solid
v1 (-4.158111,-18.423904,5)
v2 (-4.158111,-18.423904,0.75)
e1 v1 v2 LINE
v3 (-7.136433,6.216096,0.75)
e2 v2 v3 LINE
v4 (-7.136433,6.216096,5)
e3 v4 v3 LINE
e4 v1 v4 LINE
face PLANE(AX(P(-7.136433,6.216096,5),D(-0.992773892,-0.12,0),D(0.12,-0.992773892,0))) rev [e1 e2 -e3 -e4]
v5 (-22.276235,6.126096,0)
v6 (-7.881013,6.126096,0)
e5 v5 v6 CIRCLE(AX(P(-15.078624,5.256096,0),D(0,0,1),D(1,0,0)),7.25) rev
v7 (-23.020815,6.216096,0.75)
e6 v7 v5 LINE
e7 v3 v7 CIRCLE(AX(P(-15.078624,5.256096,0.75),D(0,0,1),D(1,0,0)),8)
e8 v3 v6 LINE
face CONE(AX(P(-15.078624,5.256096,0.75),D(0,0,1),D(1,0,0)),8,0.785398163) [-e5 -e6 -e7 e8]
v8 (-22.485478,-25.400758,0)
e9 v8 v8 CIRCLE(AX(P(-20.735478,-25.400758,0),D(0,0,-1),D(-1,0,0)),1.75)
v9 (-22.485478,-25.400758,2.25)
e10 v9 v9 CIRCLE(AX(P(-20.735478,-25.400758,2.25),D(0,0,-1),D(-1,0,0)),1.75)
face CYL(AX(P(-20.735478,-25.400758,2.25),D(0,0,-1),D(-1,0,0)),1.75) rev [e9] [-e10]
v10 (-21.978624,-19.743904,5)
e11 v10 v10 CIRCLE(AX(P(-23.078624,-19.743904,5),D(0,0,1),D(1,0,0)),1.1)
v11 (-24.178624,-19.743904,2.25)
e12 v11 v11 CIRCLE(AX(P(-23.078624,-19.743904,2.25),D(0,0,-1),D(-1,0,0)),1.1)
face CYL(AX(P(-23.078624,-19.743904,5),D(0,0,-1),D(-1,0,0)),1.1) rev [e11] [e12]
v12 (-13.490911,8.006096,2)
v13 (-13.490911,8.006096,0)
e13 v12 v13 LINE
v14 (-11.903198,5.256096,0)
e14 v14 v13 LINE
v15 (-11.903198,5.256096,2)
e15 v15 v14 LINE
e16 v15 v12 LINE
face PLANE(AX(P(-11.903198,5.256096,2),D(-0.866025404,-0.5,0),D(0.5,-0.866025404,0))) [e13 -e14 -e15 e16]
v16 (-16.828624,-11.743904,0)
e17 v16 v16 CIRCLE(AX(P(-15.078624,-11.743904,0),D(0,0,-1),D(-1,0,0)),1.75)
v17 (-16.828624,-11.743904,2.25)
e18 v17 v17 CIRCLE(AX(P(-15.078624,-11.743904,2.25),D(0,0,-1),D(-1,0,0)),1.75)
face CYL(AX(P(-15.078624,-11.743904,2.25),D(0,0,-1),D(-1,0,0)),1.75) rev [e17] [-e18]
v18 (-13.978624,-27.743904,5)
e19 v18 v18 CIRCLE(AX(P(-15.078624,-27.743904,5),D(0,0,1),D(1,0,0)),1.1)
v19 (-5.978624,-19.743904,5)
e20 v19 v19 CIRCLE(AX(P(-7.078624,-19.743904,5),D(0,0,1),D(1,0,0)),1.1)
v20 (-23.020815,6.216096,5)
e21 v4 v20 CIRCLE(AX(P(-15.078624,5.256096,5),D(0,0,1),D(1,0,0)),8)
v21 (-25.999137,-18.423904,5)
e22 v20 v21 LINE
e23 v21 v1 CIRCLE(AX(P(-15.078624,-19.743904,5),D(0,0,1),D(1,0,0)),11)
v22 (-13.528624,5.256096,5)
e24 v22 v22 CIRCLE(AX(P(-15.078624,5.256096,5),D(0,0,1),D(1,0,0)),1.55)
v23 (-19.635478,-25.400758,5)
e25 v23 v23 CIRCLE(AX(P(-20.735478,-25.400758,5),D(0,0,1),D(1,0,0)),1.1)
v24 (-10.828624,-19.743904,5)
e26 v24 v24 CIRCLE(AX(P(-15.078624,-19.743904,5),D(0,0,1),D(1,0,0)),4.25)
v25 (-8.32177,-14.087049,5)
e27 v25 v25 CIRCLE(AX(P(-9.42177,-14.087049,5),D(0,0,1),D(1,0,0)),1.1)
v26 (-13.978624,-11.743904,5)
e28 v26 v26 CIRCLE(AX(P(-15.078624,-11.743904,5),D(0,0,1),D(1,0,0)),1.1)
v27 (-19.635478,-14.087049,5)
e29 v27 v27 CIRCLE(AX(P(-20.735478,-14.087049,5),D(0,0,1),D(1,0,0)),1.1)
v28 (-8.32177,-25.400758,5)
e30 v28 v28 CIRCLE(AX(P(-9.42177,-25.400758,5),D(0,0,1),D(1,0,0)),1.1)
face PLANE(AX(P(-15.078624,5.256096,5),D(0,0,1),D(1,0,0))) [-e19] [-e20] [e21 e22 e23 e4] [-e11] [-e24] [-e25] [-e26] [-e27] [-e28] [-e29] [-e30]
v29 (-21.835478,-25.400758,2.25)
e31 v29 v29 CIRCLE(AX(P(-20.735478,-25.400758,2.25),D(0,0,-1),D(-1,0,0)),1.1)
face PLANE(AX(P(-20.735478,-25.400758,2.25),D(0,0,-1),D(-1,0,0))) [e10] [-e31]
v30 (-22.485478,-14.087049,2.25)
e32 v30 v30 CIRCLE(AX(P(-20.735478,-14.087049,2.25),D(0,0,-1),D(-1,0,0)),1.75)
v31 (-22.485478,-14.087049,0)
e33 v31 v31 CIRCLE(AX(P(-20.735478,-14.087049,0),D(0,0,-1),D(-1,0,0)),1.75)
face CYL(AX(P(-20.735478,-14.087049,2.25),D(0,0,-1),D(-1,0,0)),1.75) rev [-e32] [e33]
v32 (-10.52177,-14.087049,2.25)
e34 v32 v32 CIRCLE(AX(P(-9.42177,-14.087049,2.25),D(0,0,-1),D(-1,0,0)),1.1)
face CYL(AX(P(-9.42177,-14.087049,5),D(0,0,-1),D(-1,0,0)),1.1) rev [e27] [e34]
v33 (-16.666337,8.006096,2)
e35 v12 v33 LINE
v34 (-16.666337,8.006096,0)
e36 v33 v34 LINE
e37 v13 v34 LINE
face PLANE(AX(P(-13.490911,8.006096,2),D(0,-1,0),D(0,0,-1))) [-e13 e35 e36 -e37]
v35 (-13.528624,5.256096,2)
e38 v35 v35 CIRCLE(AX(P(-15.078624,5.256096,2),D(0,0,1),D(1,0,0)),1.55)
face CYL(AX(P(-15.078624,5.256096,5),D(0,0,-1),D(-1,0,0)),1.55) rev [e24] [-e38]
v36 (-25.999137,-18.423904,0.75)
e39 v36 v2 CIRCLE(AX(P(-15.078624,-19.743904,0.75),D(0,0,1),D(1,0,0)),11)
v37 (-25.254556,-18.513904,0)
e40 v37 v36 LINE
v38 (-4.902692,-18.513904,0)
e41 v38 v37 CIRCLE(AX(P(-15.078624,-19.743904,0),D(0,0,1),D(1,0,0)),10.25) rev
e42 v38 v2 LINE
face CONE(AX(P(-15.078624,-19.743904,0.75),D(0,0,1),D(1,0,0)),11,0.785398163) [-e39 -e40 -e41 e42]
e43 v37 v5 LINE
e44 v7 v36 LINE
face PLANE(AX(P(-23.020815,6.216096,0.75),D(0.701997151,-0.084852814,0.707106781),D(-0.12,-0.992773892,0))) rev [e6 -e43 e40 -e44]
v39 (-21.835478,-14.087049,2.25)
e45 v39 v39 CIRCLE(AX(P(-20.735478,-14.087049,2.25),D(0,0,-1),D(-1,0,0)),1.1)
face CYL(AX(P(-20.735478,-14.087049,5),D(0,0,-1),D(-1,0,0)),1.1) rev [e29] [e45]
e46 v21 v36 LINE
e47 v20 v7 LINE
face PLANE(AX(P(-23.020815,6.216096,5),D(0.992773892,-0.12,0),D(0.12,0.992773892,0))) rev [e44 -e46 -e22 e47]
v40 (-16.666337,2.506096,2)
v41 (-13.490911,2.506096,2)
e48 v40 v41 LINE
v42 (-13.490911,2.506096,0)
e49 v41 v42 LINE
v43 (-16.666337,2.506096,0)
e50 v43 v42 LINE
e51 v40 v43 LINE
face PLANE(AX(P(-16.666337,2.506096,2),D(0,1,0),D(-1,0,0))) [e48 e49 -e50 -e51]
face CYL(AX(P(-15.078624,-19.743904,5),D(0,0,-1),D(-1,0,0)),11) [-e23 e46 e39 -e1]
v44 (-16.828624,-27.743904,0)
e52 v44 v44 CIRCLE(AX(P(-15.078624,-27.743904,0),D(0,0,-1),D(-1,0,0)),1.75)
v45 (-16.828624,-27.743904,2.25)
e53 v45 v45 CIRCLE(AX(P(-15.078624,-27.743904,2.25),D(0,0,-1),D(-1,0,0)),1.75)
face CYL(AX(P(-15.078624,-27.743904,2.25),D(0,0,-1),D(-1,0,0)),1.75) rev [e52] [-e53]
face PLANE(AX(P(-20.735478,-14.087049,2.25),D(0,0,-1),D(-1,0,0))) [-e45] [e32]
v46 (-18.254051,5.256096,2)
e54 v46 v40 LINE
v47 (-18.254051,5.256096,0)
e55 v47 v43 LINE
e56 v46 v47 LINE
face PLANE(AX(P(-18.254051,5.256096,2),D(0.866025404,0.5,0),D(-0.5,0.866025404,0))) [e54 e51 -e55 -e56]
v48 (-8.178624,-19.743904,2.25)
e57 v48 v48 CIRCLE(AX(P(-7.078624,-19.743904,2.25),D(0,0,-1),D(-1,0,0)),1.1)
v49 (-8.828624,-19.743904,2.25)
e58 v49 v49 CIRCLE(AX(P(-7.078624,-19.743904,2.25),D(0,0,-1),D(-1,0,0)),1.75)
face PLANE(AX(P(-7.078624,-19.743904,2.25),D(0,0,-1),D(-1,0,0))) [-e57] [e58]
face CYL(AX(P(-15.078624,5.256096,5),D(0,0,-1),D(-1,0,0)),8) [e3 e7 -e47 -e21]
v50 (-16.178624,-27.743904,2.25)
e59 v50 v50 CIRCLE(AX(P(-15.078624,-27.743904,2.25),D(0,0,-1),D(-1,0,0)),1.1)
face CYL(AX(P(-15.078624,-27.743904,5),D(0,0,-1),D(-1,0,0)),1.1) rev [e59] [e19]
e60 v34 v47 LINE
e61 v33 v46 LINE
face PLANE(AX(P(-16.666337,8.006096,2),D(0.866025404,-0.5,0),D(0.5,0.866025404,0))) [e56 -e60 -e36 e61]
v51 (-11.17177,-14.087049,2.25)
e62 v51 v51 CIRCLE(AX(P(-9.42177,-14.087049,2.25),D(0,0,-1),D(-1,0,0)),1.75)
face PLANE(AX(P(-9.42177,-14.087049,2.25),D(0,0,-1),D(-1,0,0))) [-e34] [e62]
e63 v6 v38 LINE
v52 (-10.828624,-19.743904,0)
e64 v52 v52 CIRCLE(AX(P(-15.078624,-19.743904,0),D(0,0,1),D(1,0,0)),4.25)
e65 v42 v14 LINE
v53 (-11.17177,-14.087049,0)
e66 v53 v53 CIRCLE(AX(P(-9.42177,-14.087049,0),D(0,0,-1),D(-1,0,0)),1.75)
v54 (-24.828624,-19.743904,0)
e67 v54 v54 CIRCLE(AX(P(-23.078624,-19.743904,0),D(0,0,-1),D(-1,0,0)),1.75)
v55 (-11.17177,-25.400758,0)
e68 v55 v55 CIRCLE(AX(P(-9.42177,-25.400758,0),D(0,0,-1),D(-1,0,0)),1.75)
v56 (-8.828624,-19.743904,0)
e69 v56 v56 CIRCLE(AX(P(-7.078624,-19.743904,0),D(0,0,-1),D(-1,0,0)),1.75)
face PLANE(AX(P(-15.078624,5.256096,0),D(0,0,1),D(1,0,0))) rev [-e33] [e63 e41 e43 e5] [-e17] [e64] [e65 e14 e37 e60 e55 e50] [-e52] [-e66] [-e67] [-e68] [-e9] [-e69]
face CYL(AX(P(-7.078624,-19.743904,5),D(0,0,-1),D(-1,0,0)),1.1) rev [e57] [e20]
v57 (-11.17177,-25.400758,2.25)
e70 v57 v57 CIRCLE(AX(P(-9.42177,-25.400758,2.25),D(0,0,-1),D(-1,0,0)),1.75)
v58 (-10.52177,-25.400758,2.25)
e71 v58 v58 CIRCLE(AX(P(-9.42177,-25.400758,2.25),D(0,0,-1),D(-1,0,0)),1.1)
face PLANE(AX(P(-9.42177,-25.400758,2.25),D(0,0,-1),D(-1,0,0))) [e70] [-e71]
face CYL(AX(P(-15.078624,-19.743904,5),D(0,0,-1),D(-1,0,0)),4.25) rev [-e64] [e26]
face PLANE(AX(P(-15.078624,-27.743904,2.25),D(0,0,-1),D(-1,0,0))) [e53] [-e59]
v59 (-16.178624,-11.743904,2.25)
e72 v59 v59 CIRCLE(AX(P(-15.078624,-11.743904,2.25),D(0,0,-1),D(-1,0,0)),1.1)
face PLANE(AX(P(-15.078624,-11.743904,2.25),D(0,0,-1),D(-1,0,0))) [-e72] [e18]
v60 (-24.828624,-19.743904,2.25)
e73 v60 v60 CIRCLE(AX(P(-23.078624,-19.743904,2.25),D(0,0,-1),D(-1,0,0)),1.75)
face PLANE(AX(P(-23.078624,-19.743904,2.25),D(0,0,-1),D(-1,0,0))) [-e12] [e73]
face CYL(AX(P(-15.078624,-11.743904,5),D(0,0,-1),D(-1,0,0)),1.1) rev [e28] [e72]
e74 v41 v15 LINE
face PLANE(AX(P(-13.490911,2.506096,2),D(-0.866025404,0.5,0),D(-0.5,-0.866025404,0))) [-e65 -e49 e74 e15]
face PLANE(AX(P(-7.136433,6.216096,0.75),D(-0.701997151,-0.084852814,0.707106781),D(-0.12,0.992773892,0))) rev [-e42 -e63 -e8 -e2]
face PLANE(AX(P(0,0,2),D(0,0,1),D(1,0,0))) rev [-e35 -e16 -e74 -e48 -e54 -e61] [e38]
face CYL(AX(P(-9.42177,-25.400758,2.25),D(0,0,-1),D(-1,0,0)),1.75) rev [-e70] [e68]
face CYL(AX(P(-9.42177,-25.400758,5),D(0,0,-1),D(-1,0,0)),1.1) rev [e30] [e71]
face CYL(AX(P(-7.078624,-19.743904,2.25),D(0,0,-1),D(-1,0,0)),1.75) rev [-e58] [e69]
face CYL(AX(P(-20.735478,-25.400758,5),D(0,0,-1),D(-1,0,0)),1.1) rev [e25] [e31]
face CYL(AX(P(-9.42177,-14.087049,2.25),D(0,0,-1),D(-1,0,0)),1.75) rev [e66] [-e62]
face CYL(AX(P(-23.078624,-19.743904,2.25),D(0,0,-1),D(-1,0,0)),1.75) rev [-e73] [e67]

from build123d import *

# Parameters (mm, degrees)
SKETCH1_R           = 1.55
SKETCH1_R_2         = 4.25
SKETCH1_R_3         = 1.1
BOSS_EXTRUDE1_DEPTH = 5
CUT_EXTRUDE2_DEPTH  = 2
SKETCH4_R           = 1.75
CUT_EXTRUDE3_DEPTH  = 2.25
CHAFL_N1_SIZE       = 0.75


with BuildPart() as part:
    # Sketch1 → Boss-Extrude1 (new body)
    with BuildSketch(Plane.XY):
        with BuildLine():
            Line((-23.020815218, 6.216096398), (-25.999136894, -18.423903602))
            ThreePointArc((-25.999136894, -18.423903602), (-15.078624085, -30.743903602), (-4.158111277, -18.423903602))
            Line((-4.158111277, -18.423903602), (-7.136432952, 6.216096398))
            ThreePointArc((-7.136432952, 6.216096398), (-15.078624085, 13.256096398), (-23.020815218, 6.216096398))
        make_face()
        with Locations((-15.078624085, 5.256096398)):
            Circle(SKETCH1_R, mode=Mode.SUBTRACT)
        with Locations((-15.078624085, -19.743903602)):
            Circle(SKETCH1_R_2, mode=Mode.SUBTRACT)
        with Locations((-7.078624085, -19.743903602)):
            Circle(SKETCH1_R_3, mode=Mode.SUBTRACT)
        with Locations((-9.421769836, -25.400757851)):
            Circle(SKETCH1_R_3, mode=Mode.SUBTRACT)
        with Locations((-15.078624085, -27.743903602)):
            Circle(SKETCH1_R_3, mode=Mode.SUBTRACT)
        with Locations((-20.735478335, -25.400757851)):
            Circle(SKETCH1_R_3, mode=Mode.SUBTRACT)
        with Locations((-23.078624085, -19.743903602)):
            Circle(SKETCH1_R_3, mode=Mode.SUBTRACT)
        with Locations((-20.735478335, -14.087049352)):
            Circle(SKETCH1_R_3, mode=Mode.SUBTRACT)
        with Locations((-15.078624085, -11.743903602)):
            Circle(SKETCH1_R_3, mode=Mode.SUBTRACT)
        with Locations((-9.421769836, -14.087049352)):
            Circle(SKETCH1_R_3, mode=Mode.SUBTRACT)
    extrude(amount=BOSS_EXTRUDE1_DEPTH)

    # Sketch3 → Cut-Extrude2 (cut)
    with BuildSketch(Plane.XY):
        Polygon((-13.490910845, 2.506096398), (-11.903197604, 5.256096398), (-13.490910845, 8.006096398), (-16.666337325, 8.006096398), (-18.254050566, 5.256096398), (-16.666337325, 2.506096398), align=None)
    extrude(amount=CUT_EXTRUDE2_DEPTH, mode=Mode.SUBTRACT)

    # Sketch4 → Cut-Extrude3 (cut)
    with BuildSketch(Plane(origin=(0, 0, 0), x_dir=(-1, 0, 0), z_dir=(0, 0, -1))):
        with Locations((23.078624085, -19.743903602)):
            Circle(SKETCH4_R)
        with Locations((20.735478335, -25.400757851)):
            Circle(SKETCH4_R)
        with Locations((15.078624085, -27.743903602)):
            Circle(SKETCH4_R)
        with Locations((9.421769836, -25.400757851)):
            Circle(SKETCH4_R)
        with Locations((7.078624085, -19.743903602)):
            Circle(SKETCH4_R)
        with Locations((9.421769836, -14.087049352)):
            Circle(SKETCH4_R)
        with Locations((15.078624085, -11.743903602)):
            Circle(SKETCH4_R)
        with Locations((20.735478335, -14.087049352)):
            Circle(SKETCH4_R)
    extrude(amount=-CUT_EXTRUDE3_DEPTH, mode=Mode.SUBTRACT)

    # Chaflán1
    chafl_n1_edges = [part.edges().sort_by_distance(p)[0] for p in [
        (-5.647272114, -6.103903602, 0),
        (-15.078624085, -30.743903602, 0),
        (-24.509976056, -6.103903602, 0),
        (-15.078624085, 13.256096398, 0),
    ]]
    chamfer(chafl_n1_edges, length=CHAFL_N1_SIZE)


solid = part.part
